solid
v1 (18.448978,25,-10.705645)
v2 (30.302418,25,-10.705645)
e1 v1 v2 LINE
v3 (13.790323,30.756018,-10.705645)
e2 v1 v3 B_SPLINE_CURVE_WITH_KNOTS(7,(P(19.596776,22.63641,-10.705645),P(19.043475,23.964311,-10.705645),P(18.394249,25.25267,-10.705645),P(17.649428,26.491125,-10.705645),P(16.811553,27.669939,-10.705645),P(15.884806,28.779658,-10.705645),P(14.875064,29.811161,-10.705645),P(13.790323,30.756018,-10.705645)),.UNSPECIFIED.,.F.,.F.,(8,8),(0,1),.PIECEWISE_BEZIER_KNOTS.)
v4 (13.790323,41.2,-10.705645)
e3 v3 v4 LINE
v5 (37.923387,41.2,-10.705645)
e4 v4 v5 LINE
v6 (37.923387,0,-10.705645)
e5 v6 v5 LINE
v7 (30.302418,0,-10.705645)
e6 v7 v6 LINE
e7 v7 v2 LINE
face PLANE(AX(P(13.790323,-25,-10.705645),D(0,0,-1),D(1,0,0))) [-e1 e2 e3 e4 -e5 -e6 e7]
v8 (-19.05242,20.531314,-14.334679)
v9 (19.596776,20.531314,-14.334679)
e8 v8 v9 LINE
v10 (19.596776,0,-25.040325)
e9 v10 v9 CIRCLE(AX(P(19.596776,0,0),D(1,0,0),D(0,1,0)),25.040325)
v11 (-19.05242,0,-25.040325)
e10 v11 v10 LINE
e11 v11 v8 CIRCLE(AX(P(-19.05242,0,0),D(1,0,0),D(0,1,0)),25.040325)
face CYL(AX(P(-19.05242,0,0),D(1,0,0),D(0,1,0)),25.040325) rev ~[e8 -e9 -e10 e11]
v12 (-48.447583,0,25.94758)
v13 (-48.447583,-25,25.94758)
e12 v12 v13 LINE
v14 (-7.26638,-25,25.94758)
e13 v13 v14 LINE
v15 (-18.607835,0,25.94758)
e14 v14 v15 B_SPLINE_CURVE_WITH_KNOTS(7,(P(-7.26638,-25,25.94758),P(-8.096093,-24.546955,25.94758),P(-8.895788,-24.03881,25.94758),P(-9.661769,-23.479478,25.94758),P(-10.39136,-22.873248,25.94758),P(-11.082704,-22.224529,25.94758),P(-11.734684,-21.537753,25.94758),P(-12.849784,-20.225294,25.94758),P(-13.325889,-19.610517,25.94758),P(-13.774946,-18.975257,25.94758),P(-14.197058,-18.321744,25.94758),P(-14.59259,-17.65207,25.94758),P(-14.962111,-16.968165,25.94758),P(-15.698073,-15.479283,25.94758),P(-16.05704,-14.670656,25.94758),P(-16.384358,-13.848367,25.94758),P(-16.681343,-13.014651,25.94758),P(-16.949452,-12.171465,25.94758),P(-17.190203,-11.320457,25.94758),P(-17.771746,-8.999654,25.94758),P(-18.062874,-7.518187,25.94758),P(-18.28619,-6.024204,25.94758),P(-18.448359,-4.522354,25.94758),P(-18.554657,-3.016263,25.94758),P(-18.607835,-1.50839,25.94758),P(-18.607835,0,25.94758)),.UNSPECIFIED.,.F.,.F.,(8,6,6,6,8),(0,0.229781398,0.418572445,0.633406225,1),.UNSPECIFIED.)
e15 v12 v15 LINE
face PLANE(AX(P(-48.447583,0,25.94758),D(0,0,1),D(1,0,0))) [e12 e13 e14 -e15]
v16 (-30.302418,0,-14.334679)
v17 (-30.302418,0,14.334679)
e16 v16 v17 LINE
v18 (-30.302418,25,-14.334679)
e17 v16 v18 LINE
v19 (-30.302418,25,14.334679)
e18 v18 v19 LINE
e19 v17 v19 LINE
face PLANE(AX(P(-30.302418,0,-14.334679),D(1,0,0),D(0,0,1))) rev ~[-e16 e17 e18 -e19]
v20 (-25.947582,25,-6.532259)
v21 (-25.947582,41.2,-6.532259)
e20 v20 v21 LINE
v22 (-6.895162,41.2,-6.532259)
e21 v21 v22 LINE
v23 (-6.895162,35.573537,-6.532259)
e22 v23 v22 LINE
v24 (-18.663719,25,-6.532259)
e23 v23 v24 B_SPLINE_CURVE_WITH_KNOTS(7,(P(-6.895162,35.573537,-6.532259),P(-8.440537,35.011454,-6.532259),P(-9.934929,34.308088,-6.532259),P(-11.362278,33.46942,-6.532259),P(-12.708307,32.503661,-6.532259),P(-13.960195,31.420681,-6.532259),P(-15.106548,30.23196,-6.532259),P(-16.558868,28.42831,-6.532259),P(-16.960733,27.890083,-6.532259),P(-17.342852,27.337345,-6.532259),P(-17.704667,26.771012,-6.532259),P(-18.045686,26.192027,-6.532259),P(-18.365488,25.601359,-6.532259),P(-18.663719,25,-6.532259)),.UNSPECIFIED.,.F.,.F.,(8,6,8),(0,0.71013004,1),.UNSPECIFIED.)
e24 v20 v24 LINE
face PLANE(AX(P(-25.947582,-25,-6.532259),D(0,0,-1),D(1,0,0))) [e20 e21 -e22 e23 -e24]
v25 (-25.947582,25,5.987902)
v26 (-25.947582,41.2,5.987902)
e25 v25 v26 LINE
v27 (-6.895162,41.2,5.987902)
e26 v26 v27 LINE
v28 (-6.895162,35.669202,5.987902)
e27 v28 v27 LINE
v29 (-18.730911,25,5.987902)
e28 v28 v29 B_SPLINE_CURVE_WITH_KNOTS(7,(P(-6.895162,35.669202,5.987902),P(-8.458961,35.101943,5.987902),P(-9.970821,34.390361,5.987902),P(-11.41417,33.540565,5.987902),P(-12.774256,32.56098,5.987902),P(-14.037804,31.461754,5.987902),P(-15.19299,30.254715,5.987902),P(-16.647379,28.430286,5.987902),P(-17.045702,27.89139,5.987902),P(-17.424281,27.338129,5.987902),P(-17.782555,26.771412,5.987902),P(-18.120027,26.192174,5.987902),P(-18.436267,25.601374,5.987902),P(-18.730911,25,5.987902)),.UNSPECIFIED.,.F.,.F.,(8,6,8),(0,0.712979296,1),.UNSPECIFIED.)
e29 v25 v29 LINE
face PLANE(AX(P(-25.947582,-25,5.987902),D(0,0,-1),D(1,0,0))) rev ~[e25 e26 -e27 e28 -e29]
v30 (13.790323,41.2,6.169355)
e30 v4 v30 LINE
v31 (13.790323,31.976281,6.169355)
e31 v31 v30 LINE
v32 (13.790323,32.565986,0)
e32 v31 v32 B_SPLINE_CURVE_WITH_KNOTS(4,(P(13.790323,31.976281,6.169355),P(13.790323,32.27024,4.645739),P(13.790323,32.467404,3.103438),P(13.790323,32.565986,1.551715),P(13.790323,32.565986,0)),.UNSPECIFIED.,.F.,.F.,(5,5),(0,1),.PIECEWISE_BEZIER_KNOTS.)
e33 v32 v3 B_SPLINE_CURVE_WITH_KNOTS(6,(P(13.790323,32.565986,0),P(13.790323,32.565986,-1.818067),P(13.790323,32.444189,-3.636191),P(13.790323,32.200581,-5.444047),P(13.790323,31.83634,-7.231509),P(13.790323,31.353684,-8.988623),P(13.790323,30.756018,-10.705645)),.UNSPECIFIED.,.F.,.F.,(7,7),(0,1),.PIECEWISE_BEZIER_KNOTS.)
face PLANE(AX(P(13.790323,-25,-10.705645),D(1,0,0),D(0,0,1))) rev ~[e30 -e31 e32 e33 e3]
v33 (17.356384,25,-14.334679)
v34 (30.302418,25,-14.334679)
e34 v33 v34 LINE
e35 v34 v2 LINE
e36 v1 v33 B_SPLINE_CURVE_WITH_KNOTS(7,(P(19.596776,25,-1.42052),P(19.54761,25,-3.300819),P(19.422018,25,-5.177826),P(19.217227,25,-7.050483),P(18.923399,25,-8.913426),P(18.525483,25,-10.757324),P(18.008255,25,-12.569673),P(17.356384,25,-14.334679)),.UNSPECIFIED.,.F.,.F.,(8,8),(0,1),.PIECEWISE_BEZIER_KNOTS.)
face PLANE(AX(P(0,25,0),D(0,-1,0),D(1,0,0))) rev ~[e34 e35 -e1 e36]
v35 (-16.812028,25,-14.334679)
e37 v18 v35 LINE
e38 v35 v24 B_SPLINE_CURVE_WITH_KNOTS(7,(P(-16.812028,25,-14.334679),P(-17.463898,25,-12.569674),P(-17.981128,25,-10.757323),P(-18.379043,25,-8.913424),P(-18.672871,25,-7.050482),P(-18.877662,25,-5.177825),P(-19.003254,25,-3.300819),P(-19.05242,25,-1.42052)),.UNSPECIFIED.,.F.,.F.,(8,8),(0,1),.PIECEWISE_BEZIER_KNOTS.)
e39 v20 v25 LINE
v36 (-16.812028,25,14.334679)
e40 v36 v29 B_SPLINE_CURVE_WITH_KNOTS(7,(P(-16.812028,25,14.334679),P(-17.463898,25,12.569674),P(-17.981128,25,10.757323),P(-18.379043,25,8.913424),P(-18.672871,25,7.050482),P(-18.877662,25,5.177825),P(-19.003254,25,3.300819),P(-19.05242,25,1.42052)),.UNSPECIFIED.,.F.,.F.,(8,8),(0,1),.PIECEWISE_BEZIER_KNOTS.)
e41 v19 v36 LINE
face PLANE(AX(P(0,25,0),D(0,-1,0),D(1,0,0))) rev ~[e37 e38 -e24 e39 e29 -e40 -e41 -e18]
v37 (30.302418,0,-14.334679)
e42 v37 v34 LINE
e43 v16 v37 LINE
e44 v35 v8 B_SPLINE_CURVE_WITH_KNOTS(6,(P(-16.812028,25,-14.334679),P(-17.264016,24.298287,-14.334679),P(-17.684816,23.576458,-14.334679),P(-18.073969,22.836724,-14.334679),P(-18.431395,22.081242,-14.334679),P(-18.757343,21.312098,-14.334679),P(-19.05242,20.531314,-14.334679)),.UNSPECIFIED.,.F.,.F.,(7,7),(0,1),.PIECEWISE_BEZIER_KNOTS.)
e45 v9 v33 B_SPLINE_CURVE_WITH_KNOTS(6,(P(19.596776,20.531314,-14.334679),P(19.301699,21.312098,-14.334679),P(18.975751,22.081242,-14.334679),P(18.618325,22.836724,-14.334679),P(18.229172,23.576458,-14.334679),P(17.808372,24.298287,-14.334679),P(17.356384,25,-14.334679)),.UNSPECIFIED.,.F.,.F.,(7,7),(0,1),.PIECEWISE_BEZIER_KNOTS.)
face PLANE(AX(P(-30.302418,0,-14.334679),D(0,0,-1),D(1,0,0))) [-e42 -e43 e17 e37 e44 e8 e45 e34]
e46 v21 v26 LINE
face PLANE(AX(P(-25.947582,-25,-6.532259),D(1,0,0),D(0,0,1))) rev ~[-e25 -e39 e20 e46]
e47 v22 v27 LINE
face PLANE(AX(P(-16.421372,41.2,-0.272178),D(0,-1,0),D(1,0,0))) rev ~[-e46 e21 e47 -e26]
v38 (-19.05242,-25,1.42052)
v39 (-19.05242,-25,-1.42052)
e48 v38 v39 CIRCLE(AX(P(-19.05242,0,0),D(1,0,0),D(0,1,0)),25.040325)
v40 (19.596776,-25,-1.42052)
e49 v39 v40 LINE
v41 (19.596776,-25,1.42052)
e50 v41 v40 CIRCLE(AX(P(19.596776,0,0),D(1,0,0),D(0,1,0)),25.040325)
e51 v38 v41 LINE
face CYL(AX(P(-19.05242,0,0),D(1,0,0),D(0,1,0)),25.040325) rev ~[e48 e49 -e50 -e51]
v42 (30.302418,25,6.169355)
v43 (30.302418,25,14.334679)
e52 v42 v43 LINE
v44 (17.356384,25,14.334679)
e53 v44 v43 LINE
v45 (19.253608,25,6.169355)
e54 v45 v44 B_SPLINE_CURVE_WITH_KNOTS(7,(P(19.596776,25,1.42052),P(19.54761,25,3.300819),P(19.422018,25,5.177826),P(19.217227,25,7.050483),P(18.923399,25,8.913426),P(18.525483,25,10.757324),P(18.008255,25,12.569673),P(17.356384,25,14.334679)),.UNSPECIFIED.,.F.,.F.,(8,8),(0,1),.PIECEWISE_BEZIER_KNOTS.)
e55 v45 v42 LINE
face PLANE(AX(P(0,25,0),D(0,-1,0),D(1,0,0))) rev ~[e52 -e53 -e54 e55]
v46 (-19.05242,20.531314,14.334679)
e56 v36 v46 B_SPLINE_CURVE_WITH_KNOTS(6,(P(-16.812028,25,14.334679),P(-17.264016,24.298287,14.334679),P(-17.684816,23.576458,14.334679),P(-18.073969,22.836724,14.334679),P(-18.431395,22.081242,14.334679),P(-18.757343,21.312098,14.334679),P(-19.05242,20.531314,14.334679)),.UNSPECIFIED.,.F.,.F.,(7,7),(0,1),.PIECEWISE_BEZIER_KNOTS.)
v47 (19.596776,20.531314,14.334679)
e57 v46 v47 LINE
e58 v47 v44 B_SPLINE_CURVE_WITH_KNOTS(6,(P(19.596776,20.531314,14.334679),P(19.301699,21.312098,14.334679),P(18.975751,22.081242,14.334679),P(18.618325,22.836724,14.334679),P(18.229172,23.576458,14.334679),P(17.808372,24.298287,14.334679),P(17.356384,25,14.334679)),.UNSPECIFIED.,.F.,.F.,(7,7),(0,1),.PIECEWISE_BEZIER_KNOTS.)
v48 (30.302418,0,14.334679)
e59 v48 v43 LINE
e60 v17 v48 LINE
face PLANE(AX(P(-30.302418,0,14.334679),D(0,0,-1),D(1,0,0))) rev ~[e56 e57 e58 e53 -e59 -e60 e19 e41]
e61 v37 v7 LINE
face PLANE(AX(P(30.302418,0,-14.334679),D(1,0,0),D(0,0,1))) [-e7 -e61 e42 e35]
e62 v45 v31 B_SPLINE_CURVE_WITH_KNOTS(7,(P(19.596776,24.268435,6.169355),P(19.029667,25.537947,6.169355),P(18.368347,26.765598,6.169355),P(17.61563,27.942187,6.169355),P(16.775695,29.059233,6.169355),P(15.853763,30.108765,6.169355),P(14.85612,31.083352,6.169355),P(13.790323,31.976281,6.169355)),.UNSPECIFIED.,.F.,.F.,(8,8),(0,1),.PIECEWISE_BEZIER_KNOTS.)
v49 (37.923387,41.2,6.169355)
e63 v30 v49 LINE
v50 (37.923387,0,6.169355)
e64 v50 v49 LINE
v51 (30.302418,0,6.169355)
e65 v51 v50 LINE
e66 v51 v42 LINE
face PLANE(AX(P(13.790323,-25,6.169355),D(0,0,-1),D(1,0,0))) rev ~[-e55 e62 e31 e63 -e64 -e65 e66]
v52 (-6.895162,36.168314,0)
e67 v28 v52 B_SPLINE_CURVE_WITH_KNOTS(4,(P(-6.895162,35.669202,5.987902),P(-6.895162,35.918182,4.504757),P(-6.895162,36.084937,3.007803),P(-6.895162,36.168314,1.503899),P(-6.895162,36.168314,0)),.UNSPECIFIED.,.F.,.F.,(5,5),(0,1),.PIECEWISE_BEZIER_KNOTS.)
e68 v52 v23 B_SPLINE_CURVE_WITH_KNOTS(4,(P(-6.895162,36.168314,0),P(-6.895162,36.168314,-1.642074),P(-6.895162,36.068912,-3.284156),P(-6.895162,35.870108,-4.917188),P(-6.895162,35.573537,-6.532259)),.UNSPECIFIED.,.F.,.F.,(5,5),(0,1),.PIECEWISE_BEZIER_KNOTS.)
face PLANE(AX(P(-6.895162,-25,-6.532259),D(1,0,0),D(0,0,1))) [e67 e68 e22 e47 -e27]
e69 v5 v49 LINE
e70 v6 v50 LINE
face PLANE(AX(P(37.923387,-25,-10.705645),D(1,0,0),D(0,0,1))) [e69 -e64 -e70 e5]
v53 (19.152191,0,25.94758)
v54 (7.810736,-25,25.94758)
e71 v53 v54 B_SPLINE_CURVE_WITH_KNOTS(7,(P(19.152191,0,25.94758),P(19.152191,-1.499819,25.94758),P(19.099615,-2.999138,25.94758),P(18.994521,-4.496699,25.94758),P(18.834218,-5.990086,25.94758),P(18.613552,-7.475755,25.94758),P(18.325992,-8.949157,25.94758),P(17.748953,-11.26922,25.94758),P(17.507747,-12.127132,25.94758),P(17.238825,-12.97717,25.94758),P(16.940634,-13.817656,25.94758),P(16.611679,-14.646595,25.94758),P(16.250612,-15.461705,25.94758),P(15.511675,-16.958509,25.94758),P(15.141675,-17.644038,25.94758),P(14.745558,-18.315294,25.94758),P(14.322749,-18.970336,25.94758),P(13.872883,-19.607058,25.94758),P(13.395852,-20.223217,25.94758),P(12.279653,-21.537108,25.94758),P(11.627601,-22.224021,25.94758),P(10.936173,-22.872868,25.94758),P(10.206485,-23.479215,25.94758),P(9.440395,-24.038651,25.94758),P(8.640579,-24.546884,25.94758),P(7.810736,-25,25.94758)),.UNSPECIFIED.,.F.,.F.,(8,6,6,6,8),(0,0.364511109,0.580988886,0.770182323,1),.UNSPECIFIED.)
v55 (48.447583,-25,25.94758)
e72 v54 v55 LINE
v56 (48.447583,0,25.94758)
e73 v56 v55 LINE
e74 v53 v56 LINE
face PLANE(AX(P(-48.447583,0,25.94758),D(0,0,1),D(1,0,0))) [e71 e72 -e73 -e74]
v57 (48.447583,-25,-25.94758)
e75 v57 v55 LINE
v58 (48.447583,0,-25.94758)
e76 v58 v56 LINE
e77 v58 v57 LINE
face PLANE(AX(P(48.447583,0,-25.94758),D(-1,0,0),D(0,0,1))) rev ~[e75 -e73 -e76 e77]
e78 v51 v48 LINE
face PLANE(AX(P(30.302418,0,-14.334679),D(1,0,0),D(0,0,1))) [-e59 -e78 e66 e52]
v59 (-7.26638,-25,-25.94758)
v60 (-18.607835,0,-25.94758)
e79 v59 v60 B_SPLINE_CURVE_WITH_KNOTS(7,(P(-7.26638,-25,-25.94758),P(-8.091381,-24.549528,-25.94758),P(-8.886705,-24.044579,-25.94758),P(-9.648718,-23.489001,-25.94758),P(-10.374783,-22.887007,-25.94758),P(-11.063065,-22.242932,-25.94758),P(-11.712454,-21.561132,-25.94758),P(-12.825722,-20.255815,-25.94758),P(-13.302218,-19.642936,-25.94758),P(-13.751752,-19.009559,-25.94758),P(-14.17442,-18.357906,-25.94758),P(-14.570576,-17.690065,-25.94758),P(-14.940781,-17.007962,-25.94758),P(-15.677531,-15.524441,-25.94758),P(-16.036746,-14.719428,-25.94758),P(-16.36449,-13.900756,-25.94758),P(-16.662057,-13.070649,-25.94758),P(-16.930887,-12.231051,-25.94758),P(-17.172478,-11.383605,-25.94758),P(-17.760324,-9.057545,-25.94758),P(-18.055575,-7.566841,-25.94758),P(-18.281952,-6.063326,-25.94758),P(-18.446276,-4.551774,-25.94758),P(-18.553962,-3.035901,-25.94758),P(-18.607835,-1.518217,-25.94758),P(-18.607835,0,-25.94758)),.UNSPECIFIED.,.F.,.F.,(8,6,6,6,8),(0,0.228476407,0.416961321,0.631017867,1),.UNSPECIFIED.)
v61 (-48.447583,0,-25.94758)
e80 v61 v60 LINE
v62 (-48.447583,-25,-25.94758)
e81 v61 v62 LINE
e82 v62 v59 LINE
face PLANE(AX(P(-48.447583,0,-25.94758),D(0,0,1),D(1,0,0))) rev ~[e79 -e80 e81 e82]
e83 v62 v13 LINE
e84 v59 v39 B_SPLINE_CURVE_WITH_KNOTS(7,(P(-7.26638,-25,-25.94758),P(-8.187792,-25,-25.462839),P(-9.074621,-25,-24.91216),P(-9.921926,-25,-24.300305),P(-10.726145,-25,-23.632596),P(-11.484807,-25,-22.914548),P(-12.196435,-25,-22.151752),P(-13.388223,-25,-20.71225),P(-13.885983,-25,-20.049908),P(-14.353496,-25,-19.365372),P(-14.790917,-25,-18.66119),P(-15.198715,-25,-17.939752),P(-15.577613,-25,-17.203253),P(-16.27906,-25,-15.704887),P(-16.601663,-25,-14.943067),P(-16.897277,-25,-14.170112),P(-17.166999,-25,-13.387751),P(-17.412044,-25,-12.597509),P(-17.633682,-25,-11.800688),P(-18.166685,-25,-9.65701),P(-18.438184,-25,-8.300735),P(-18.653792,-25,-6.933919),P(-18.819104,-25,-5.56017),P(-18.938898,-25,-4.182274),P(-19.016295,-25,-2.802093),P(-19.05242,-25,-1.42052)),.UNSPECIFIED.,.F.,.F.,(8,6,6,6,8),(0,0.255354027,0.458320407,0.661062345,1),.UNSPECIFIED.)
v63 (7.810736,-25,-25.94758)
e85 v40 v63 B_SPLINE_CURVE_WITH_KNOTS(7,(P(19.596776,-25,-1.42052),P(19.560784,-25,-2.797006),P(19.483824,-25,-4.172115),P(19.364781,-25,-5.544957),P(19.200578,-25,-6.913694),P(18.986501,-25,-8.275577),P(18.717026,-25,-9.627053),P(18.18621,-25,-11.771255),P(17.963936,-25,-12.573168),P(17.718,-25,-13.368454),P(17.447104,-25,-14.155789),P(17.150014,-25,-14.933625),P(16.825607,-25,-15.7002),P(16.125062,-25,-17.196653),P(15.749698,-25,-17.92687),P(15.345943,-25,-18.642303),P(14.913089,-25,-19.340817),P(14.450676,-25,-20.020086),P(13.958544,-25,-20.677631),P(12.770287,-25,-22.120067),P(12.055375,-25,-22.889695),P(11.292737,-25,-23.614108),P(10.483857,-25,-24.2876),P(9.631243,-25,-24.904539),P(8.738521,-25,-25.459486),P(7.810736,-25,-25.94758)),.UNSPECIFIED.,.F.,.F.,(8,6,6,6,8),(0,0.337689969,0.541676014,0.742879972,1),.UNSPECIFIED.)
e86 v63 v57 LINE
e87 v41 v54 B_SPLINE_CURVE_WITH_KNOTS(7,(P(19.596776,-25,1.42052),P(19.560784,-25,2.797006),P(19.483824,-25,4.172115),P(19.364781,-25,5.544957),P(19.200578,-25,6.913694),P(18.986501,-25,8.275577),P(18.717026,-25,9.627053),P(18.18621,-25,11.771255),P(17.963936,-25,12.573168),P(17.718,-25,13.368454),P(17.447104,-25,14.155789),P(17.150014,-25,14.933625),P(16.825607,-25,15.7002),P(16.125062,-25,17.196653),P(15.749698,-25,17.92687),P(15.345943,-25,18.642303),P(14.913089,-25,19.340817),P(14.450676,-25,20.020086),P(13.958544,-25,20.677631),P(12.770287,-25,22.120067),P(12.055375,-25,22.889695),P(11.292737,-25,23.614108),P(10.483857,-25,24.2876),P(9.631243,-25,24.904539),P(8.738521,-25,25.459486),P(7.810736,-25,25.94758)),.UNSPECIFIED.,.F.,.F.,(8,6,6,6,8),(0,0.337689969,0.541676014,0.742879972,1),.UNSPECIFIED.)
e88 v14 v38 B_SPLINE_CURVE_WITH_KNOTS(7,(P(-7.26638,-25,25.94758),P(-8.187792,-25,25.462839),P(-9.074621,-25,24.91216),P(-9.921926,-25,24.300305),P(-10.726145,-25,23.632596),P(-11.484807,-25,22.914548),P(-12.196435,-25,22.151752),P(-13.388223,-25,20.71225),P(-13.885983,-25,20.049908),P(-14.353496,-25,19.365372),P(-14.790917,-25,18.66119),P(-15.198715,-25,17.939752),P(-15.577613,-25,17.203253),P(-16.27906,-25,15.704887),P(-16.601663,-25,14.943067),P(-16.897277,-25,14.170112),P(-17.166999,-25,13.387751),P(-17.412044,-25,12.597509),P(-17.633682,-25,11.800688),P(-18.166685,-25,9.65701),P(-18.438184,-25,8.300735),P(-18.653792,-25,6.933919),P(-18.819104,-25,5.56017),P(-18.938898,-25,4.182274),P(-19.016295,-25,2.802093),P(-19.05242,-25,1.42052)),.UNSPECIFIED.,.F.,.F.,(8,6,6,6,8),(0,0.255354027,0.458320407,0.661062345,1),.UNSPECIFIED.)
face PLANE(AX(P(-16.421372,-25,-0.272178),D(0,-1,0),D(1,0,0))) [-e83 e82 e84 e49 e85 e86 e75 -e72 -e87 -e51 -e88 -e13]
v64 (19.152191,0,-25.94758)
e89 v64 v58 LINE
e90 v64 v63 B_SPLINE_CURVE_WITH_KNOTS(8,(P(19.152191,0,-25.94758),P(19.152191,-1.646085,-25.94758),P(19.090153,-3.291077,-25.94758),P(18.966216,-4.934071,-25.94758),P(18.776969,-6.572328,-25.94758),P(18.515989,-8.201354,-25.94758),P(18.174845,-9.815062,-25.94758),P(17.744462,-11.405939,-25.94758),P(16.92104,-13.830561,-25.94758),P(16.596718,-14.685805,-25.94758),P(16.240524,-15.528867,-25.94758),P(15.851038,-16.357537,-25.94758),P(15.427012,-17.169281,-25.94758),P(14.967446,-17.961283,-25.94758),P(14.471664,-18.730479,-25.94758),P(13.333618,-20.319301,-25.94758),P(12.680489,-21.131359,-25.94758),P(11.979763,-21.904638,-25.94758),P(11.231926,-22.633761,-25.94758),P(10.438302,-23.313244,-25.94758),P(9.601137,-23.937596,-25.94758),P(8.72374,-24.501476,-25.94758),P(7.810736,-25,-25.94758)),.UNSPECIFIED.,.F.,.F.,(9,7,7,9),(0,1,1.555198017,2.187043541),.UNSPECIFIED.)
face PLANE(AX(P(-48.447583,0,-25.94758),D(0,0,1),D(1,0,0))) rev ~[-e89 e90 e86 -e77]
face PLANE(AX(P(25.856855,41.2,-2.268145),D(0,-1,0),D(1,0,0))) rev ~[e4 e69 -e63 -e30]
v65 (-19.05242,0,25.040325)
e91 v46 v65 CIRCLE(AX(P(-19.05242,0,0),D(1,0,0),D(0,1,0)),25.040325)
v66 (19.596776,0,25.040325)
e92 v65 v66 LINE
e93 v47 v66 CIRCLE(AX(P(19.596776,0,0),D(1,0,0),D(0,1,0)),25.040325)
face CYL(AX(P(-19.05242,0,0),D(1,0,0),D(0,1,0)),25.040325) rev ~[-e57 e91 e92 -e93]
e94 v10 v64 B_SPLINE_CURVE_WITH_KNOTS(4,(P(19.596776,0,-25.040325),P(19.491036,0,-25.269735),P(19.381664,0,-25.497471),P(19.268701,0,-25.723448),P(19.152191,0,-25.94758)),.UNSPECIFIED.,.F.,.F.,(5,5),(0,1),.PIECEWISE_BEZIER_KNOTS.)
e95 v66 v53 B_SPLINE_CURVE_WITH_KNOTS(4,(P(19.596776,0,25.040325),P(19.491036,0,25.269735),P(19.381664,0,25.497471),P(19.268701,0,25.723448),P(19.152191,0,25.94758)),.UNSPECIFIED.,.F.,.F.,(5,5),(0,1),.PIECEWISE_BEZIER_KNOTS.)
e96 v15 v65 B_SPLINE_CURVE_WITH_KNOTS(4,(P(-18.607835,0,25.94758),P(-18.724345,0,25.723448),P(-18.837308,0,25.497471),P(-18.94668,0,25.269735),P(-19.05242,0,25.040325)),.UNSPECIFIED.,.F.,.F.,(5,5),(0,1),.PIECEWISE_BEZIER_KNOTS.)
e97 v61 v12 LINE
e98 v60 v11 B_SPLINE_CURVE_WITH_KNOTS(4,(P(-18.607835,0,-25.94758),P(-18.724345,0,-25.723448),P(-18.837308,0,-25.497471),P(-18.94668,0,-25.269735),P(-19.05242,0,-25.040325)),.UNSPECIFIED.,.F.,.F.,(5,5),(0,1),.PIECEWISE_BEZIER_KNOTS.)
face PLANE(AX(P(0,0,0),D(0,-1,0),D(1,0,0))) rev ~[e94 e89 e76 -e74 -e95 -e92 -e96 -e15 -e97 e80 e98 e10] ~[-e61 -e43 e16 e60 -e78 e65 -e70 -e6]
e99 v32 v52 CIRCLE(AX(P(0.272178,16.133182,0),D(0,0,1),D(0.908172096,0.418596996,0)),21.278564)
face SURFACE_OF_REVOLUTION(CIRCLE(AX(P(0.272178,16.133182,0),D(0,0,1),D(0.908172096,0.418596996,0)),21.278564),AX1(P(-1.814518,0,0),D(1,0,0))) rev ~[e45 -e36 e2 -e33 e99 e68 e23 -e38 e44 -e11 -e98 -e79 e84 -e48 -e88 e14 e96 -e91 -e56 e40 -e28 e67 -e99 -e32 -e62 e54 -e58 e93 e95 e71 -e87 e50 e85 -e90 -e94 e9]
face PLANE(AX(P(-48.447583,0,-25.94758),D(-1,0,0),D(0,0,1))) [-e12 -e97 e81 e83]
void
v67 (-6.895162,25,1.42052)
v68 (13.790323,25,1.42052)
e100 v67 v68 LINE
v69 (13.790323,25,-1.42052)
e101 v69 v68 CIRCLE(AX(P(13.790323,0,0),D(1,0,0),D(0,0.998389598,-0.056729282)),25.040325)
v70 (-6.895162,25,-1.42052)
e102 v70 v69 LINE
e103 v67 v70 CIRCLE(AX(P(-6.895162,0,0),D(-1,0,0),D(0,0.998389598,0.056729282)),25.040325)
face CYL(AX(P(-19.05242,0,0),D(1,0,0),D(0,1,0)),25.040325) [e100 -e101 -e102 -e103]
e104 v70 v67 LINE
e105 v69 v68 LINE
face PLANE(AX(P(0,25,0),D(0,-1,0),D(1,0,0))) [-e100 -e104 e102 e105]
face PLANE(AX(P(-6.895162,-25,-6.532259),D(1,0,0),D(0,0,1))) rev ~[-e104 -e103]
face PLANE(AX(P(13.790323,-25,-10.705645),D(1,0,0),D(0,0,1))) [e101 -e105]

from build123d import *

# Parameters (mm, degrees)
F0_W     = 96.895166
F0_H     = 51.89516
F1_DEPTH = 25
F2_W     = 60.604836
F2_H     = 28.669358
F3_DEPTH = 25
F4_W     = 19.05242
F4_H     = 12.520161
F4_W_2   = 24.133065
F4_H_2   = 16.875
F5_DEPTH = 66.2


with BuildPart() as f1:
    # F0 (on Front) → F1 (new body)
    with BuildSketch(Plane.XZ):
        Rectangle(F0_W, F0_H)
    extrude(amount=F1_DEPTH)

    # F2 (on Front) → F3 (join)
    with BuildSketch(Plane.XZ):
        Rectangle(F2_W, F2_H)
    extrude(amount=-F3_DEPTH)

    # F4 (on face) → F5 (join)
    with BuildSketch(Plane.XZ.offset(25)):
        with Locations((-16.421372, -0.272178)):
            Rectangle(F4_W, F4_H)
        with Locations((25.856855, -2.268145)):
            Rectangle(F4_W_2, F4_H_2)
    extrude(amount=-F5_DEPTH)

    # F6 (on Top) → F7 (revolve)
    with BuildSketch(Plane.XY):
        with BuildLine():
            Line((-19.05242, 25.040325), (19.596776, 25.040325))
            ThreePointArc((19.596776, 25.040325), (0.272178, 37.411746), (-19.05242, 25.040325))
        make_face()
    revolve(axis=Axis((-1.814518, 0, 0), (1, 0, 0)))


solid = f1.part
